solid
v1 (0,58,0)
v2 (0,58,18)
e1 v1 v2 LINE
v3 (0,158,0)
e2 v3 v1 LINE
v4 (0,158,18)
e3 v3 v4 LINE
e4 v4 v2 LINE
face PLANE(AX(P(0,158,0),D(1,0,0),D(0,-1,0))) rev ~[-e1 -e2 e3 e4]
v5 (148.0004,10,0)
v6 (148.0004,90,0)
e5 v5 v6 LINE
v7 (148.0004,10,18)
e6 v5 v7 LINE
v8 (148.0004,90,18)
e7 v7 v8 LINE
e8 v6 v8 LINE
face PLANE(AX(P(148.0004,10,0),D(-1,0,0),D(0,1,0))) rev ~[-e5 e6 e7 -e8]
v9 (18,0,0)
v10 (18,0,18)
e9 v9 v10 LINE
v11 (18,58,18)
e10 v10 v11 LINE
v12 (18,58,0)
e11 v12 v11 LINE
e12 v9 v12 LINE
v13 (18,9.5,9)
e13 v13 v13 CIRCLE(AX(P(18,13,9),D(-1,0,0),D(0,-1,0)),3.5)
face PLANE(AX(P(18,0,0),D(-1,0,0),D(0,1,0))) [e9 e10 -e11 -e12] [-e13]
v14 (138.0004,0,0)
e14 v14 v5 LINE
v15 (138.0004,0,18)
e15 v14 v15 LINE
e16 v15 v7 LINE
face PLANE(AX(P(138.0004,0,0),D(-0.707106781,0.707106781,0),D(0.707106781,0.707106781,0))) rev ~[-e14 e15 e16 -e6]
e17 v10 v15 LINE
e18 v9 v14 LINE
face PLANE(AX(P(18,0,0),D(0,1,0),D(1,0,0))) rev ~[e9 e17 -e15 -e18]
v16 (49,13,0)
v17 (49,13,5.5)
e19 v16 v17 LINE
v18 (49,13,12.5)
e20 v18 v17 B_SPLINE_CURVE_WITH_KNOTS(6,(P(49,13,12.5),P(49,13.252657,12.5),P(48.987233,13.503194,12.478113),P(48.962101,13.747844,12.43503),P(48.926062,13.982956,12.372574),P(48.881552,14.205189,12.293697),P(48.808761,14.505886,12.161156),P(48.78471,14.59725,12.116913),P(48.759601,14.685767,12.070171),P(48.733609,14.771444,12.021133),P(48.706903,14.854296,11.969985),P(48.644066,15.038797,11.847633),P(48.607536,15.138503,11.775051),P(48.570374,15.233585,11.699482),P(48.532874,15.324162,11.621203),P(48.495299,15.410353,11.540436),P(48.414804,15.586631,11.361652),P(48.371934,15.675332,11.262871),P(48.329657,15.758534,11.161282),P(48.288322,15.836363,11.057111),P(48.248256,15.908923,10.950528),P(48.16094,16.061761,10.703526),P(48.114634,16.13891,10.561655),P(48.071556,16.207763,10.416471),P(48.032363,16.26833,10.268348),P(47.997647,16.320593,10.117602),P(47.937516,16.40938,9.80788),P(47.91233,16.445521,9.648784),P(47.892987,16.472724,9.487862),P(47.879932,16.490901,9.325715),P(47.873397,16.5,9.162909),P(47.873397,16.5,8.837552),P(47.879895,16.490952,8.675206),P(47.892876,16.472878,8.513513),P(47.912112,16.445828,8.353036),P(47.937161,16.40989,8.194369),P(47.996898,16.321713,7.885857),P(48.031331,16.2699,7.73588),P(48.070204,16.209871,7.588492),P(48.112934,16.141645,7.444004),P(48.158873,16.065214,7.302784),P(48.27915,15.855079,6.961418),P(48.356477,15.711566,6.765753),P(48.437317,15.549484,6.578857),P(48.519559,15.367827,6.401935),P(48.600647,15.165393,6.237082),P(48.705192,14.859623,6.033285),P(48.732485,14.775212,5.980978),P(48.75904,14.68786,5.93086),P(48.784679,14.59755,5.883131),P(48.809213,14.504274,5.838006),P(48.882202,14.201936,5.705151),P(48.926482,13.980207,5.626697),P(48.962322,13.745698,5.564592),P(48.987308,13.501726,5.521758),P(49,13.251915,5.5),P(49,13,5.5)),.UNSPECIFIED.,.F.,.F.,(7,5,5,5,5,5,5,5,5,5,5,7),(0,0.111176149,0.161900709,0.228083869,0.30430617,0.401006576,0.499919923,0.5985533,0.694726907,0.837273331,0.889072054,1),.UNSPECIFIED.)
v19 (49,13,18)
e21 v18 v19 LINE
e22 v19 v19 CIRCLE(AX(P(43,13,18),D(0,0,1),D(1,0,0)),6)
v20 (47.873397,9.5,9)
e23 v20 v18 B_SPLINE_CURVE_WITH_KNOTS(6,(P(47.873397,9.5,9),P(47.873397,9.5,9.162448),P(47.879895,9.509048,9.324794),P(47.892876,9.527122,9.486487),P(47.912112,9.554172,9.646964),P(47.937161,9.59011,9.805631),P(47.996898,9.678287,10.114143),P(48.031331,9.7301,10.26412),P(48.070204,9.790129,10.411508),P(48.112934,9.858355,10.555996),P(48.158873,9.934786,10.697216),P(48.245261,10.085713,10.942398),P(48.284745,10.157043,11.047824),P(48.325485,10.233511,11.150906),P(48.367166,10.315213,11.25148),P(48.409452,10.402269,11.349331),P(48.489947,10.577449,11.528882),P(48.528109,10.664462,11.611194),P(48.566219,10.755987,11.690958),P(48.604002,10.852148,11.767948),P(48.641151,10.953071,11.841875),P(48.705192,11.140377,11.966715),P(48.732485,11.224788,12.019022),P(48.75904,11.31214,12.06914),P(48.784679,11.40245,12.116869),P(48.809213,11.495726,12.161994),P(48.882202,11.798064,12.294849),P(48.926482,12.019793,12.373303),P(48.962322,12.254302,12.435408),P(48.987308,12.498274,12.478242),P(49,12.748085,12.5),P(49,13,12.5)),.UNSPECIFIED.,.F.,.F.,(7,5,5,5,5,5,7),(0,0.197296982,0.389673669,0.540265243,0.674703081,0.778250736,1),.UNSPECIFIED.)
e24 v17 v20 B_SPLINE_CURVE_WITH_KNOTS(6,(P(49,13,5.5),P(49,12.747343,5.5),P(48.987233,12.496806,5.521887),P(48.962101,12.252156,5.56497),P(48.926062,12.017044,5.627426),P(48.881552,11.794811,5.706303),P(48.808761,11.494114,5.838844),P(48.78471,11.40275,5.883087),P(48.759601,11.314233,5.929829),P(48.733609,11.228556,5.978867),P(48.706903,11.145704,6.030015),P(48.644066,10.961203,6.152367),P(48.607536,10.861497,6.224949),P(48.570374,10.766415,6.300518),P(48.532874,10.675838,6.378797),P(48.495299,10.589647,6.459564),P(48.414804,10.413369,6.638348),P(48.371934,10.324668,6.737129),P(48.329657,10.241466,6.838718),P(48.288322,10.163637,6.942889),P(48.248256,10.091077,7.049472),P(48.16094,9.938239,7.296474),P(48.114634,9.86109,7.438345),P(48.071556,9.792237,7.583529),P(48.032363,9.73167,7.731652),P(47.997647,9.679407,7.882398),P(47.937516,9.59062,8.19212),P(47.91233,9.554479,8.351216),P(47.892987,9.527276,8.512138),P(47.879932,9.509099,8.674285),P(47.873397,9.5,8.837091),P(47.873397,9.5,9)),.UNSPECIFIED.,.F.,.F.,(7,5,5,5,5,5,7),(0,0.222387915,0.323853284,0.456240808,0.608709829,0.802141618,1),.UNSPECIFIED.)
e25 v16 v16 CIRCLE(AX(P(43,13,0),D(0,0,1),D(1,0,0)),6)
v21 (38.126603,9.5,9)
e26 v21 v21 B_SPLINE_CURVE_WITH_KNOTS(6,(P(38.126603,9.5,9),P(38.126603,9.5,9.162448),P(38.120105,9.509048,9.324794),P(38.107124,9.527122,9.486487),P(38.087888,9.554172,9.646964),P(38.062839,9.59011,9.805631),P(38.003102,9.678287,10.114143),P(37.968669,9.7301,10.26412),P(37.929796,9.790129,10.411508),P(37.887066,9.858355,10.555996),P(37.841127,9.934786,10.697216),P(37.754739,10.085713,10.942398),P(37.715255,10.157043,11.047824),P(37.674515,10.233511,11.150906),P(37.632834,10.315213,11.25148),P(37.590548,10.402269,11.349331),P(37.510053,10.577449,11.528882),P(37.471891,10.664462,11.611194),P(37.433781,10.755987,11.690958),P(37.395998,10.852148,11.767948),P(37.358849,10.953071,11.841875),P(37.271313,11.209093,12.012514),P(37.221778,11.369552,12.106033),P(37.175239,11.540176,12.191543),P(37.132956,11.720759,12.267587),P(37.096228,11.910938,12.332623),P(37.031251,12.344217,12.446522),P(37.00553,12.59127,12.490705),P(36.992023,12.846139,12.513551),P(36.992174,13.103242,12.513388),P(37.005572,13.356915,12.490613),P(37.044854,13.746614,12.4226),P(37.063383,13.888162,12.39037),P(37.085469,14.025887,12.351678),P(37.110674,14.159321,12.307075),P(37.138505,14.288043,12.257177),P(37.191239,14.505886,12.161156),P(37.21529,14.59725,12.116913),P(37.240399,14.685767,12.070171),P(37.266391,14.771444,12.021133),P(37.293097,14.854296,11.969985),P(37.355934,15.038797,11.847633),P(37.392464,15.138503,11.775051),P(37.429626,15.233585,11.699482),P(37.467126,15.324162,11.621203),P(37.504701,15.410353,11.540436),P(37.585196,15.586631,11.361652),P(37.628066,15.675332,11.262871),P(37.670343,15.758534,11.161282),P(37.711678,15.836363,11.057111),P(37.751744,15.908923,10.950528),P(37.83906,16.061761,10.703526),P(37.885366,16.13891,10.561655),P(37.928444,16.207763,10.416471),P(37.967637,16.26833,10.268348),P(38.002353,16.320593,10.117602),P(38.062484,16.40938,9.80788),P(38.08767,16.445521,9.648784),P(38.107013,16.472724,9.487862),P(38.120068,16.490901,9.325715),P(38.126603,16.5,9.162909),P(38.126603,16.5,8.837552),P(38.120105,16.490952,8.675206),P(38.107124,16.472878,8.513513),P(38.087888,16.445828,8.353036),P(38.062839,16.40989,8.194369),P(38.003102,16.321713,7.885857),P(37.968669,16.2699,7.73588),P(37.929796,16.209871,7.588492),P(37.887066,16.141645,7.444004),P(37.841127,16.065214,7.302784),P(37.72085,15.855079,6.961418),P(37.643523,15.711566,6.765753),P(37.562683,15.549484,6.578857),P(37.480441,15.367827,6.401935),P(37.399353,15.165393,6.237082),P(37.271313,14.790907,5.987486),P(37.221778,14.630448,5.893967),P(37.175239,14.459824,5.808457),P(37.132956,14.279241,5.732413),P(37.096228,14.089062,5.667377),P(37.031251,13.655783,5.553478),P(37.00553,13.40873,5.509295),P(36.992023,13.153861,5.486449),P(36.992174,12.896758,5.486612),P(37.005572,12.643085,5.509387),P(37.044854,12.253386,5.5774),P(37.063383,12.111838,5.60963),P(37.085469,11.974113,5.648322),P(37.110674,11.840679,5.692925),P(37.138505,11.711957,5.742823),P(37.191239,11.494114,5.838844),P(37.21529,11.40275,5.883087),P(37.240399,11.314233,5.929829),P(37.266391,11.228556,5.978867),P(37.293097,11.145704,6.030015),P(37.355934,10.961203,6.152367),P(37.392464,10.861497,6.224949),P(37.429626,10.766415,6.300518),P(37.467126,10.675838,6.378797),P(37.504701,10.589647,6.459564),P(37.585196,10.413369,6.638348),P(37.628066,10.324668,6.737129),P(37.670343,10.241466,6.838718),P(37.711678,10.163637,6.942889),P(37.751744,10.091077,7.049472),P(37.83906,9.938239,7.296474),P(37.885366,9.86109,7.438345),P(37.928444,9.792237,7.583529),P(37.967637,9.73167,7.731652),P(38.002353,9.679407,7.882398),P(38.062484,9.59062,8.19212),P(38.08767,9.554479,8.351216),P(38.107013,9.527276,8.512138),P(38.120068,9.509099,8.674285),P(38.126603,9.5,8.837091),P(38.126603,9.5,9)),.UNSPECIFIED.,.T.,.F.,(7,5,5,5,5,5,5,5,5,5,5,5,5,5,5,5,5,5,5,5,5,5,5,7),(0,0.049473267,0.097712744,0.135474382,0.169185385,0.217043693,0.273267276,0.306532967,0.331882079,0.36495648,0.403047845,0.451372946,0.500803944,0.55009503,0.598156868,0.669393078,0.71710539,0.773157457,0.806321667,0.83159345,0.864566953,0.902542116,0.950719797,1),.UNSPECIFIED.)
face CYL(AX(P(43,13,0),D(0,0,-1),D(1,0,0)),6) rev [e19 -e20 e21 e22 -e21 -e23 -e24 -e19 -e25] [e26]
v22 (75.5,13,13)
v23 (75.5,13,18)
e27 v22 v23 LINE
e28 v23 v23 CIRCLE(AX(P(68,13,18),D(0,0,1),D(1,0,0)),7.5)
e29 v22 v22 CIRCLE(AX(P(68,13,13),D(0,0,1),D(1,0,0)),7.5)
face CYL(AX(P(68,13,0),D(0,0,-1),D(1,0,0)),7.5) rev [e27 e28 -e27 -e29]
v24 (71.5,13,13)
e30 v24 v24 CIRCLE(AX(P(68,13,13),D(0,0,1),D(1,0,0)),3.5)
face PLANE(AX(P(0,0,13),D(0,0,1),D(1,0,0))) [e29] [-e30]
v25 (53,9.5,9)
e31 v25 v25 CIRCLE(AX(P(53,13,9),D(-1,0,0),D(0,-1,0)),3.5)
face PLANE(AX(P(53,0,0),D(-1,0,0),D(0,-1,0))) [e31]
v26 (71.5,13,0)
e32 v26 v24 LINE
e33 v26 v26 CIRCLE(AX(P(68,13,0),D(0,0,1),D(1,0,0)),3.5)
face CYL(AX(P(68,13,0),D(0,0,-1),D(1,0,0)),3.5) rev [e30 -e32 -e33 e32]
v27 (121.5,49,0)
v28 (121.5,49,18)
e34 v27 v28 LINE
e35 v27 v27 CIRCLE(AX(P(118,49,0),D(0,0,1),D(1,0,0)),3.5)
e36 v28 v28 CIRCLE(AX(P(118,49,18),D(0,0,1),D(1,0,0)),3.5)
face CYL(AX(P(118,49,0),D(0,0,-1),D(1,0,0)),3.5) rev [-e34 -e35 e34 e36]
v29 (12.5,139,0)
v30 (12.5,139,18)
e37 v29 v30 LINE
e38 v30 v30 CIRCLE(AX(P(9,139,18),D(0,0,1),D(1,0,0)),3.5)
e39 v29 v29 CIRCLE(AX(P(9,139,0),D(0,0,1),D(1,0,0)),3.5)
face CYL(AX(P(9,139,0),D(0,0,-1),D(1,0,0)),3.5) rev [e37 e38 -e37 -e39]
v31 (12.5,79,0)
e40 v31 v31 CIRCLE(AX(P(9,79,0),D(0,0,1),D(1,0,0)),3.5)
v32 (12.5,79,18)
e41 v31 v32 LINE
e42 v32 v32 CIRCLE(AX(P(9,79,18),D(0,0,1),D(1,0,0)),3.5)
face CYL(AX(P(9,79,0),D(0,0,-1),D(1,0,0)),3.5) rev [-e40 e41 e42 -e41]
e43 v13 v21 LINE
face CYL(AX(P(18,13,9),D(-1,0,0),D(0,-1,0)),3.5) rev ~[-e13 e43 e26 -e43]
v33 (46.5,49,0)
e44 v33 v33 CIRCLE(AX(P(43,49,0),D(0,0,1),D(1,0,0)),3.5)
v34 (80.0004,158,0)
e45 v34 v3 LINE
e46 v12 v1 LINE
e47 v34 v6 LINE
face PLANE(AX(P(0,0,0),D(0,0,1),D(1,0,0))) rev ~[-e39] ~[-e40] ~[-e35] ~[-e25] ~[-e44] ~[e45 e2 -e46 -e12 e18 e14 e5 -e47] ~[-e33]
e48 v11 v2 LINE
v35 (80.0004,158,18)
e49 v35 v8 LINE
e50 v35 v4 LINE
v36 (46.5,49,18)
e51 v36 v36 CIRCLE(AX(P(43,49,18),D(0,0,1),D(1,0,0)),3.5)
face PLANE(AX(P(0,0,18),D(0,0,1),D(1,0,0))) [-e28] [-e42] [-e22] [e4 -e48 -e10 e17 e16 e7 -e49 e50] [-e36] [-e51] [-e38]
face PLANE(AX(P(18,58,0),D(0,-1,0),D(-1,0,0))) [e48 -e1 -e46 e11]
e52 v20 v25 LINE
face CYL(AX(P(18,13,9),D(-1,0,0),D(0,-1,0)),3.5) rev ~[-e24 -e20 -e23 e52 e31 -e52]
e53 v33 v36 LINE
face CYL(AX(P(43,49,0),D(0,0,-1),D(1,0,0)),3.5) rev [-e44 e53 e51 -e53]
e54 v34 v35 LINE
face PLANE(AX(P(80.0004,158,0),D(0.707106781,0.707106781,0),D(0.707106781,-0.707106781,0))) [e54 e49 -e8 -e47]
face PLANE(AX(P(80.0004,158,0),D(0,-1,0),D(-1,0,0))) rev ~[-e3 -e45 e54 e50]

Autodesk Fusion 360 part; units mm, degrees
sketch "Top" plane through (0, 0, 0) normal (0, 0, 1) x (1, 0, 0)
  line L0 (18, 0) -> (138.0004, 0)
  line L1 (148.0004, 10) -> (148.0004, 90)
  line L2 (80.0004, 158) -> (0, 158)
  line L3 (0, 158) -> (0, 58)
  line L4 (18, 0) -> (18, 58)
  line L5 (18, 58) -> (0, 58)
  line L6 (138.0004, 0) -> (148.0004, 10)
  line L7 (80.0004, 158) -> (148.0004, 90)
  line L8 (9, 58) -> (9, 158) construction
  line L9 (18, 49) -> (148.0004, 49) construction
  line L10 (18, 13) -> (148.0004, 13) construction
  line L11 (43, 0) -> (43, 65) construction
  circle A0 centre (9, 79) radius 3.5
  circle A1 centre (9, 139) radius 3.5
  circle A2 centre (43, 49) radius 3.5
  circle A3 centre (118, 49) radius 3.5
  circle A4 centre (43, 13) radius 6
  circle A5 centre (68, 13) radius 3.5
  circle A6 centre (68, 13) radius 7.5
  dimension "d1" = 158
  dimension "d3" = 58
  dimension "d4" = 18
  dimension "d5" = 10
  dimension "d6" = 10
  dimension "d7" = 68
  dimension "d8" = 68
  dimension "d9" = 9
  dimension "d10" = 49
  dimension "d11" = 13
  dimension "d12" = 25
  dimension "d13" = 7
  dimension "d14" = 7
  dimension "d15" = 7
  dimension "d16" = 7
  dimension "d17" = 12
  dimension "d18" = 7
  dimension "d19" = 15
  dimension "d20" = 60
  dimension "d21" = 21
  dimension "d22" = 75
  dimension "d23" = 25
extrude "Extrude1" add sketch "Top" along normal blind 13 contours A6
extrude "Extrude2" add sketch "Top" along normal blind 18 contours L0 L1 L2 L3 L4 L5 L6 L7
sketch "Side" plane through (18, 0, 0) normal (-1, 0, 0) x (0, -1, 0)
  line L0 (-58, 0) -> (0, 0)
  line L1 (0, 0) -> (0, 18)
  line L2 (0, 18) -> (-58, 18)
  line L3 (-58, 18) -> (-58, 0)
  line L4 (0, 0) -> (-58, 0) construction
  line L5 (-58, 0) -> (-58, 18) construction
  line L6 (-58, 18) -> (0, 18) construction
  line L7 (0, 18) -> (0, 0) construction
  line L8 (0, 9) -> (-58, 9) construction
  circle A0 centre (-13, 9) radius 3.5
  dimension "d28" = 7
  dimension "d29" = 13
extrude "Extrude3" cut sketch "Side" against normal blind 35 contours A0
